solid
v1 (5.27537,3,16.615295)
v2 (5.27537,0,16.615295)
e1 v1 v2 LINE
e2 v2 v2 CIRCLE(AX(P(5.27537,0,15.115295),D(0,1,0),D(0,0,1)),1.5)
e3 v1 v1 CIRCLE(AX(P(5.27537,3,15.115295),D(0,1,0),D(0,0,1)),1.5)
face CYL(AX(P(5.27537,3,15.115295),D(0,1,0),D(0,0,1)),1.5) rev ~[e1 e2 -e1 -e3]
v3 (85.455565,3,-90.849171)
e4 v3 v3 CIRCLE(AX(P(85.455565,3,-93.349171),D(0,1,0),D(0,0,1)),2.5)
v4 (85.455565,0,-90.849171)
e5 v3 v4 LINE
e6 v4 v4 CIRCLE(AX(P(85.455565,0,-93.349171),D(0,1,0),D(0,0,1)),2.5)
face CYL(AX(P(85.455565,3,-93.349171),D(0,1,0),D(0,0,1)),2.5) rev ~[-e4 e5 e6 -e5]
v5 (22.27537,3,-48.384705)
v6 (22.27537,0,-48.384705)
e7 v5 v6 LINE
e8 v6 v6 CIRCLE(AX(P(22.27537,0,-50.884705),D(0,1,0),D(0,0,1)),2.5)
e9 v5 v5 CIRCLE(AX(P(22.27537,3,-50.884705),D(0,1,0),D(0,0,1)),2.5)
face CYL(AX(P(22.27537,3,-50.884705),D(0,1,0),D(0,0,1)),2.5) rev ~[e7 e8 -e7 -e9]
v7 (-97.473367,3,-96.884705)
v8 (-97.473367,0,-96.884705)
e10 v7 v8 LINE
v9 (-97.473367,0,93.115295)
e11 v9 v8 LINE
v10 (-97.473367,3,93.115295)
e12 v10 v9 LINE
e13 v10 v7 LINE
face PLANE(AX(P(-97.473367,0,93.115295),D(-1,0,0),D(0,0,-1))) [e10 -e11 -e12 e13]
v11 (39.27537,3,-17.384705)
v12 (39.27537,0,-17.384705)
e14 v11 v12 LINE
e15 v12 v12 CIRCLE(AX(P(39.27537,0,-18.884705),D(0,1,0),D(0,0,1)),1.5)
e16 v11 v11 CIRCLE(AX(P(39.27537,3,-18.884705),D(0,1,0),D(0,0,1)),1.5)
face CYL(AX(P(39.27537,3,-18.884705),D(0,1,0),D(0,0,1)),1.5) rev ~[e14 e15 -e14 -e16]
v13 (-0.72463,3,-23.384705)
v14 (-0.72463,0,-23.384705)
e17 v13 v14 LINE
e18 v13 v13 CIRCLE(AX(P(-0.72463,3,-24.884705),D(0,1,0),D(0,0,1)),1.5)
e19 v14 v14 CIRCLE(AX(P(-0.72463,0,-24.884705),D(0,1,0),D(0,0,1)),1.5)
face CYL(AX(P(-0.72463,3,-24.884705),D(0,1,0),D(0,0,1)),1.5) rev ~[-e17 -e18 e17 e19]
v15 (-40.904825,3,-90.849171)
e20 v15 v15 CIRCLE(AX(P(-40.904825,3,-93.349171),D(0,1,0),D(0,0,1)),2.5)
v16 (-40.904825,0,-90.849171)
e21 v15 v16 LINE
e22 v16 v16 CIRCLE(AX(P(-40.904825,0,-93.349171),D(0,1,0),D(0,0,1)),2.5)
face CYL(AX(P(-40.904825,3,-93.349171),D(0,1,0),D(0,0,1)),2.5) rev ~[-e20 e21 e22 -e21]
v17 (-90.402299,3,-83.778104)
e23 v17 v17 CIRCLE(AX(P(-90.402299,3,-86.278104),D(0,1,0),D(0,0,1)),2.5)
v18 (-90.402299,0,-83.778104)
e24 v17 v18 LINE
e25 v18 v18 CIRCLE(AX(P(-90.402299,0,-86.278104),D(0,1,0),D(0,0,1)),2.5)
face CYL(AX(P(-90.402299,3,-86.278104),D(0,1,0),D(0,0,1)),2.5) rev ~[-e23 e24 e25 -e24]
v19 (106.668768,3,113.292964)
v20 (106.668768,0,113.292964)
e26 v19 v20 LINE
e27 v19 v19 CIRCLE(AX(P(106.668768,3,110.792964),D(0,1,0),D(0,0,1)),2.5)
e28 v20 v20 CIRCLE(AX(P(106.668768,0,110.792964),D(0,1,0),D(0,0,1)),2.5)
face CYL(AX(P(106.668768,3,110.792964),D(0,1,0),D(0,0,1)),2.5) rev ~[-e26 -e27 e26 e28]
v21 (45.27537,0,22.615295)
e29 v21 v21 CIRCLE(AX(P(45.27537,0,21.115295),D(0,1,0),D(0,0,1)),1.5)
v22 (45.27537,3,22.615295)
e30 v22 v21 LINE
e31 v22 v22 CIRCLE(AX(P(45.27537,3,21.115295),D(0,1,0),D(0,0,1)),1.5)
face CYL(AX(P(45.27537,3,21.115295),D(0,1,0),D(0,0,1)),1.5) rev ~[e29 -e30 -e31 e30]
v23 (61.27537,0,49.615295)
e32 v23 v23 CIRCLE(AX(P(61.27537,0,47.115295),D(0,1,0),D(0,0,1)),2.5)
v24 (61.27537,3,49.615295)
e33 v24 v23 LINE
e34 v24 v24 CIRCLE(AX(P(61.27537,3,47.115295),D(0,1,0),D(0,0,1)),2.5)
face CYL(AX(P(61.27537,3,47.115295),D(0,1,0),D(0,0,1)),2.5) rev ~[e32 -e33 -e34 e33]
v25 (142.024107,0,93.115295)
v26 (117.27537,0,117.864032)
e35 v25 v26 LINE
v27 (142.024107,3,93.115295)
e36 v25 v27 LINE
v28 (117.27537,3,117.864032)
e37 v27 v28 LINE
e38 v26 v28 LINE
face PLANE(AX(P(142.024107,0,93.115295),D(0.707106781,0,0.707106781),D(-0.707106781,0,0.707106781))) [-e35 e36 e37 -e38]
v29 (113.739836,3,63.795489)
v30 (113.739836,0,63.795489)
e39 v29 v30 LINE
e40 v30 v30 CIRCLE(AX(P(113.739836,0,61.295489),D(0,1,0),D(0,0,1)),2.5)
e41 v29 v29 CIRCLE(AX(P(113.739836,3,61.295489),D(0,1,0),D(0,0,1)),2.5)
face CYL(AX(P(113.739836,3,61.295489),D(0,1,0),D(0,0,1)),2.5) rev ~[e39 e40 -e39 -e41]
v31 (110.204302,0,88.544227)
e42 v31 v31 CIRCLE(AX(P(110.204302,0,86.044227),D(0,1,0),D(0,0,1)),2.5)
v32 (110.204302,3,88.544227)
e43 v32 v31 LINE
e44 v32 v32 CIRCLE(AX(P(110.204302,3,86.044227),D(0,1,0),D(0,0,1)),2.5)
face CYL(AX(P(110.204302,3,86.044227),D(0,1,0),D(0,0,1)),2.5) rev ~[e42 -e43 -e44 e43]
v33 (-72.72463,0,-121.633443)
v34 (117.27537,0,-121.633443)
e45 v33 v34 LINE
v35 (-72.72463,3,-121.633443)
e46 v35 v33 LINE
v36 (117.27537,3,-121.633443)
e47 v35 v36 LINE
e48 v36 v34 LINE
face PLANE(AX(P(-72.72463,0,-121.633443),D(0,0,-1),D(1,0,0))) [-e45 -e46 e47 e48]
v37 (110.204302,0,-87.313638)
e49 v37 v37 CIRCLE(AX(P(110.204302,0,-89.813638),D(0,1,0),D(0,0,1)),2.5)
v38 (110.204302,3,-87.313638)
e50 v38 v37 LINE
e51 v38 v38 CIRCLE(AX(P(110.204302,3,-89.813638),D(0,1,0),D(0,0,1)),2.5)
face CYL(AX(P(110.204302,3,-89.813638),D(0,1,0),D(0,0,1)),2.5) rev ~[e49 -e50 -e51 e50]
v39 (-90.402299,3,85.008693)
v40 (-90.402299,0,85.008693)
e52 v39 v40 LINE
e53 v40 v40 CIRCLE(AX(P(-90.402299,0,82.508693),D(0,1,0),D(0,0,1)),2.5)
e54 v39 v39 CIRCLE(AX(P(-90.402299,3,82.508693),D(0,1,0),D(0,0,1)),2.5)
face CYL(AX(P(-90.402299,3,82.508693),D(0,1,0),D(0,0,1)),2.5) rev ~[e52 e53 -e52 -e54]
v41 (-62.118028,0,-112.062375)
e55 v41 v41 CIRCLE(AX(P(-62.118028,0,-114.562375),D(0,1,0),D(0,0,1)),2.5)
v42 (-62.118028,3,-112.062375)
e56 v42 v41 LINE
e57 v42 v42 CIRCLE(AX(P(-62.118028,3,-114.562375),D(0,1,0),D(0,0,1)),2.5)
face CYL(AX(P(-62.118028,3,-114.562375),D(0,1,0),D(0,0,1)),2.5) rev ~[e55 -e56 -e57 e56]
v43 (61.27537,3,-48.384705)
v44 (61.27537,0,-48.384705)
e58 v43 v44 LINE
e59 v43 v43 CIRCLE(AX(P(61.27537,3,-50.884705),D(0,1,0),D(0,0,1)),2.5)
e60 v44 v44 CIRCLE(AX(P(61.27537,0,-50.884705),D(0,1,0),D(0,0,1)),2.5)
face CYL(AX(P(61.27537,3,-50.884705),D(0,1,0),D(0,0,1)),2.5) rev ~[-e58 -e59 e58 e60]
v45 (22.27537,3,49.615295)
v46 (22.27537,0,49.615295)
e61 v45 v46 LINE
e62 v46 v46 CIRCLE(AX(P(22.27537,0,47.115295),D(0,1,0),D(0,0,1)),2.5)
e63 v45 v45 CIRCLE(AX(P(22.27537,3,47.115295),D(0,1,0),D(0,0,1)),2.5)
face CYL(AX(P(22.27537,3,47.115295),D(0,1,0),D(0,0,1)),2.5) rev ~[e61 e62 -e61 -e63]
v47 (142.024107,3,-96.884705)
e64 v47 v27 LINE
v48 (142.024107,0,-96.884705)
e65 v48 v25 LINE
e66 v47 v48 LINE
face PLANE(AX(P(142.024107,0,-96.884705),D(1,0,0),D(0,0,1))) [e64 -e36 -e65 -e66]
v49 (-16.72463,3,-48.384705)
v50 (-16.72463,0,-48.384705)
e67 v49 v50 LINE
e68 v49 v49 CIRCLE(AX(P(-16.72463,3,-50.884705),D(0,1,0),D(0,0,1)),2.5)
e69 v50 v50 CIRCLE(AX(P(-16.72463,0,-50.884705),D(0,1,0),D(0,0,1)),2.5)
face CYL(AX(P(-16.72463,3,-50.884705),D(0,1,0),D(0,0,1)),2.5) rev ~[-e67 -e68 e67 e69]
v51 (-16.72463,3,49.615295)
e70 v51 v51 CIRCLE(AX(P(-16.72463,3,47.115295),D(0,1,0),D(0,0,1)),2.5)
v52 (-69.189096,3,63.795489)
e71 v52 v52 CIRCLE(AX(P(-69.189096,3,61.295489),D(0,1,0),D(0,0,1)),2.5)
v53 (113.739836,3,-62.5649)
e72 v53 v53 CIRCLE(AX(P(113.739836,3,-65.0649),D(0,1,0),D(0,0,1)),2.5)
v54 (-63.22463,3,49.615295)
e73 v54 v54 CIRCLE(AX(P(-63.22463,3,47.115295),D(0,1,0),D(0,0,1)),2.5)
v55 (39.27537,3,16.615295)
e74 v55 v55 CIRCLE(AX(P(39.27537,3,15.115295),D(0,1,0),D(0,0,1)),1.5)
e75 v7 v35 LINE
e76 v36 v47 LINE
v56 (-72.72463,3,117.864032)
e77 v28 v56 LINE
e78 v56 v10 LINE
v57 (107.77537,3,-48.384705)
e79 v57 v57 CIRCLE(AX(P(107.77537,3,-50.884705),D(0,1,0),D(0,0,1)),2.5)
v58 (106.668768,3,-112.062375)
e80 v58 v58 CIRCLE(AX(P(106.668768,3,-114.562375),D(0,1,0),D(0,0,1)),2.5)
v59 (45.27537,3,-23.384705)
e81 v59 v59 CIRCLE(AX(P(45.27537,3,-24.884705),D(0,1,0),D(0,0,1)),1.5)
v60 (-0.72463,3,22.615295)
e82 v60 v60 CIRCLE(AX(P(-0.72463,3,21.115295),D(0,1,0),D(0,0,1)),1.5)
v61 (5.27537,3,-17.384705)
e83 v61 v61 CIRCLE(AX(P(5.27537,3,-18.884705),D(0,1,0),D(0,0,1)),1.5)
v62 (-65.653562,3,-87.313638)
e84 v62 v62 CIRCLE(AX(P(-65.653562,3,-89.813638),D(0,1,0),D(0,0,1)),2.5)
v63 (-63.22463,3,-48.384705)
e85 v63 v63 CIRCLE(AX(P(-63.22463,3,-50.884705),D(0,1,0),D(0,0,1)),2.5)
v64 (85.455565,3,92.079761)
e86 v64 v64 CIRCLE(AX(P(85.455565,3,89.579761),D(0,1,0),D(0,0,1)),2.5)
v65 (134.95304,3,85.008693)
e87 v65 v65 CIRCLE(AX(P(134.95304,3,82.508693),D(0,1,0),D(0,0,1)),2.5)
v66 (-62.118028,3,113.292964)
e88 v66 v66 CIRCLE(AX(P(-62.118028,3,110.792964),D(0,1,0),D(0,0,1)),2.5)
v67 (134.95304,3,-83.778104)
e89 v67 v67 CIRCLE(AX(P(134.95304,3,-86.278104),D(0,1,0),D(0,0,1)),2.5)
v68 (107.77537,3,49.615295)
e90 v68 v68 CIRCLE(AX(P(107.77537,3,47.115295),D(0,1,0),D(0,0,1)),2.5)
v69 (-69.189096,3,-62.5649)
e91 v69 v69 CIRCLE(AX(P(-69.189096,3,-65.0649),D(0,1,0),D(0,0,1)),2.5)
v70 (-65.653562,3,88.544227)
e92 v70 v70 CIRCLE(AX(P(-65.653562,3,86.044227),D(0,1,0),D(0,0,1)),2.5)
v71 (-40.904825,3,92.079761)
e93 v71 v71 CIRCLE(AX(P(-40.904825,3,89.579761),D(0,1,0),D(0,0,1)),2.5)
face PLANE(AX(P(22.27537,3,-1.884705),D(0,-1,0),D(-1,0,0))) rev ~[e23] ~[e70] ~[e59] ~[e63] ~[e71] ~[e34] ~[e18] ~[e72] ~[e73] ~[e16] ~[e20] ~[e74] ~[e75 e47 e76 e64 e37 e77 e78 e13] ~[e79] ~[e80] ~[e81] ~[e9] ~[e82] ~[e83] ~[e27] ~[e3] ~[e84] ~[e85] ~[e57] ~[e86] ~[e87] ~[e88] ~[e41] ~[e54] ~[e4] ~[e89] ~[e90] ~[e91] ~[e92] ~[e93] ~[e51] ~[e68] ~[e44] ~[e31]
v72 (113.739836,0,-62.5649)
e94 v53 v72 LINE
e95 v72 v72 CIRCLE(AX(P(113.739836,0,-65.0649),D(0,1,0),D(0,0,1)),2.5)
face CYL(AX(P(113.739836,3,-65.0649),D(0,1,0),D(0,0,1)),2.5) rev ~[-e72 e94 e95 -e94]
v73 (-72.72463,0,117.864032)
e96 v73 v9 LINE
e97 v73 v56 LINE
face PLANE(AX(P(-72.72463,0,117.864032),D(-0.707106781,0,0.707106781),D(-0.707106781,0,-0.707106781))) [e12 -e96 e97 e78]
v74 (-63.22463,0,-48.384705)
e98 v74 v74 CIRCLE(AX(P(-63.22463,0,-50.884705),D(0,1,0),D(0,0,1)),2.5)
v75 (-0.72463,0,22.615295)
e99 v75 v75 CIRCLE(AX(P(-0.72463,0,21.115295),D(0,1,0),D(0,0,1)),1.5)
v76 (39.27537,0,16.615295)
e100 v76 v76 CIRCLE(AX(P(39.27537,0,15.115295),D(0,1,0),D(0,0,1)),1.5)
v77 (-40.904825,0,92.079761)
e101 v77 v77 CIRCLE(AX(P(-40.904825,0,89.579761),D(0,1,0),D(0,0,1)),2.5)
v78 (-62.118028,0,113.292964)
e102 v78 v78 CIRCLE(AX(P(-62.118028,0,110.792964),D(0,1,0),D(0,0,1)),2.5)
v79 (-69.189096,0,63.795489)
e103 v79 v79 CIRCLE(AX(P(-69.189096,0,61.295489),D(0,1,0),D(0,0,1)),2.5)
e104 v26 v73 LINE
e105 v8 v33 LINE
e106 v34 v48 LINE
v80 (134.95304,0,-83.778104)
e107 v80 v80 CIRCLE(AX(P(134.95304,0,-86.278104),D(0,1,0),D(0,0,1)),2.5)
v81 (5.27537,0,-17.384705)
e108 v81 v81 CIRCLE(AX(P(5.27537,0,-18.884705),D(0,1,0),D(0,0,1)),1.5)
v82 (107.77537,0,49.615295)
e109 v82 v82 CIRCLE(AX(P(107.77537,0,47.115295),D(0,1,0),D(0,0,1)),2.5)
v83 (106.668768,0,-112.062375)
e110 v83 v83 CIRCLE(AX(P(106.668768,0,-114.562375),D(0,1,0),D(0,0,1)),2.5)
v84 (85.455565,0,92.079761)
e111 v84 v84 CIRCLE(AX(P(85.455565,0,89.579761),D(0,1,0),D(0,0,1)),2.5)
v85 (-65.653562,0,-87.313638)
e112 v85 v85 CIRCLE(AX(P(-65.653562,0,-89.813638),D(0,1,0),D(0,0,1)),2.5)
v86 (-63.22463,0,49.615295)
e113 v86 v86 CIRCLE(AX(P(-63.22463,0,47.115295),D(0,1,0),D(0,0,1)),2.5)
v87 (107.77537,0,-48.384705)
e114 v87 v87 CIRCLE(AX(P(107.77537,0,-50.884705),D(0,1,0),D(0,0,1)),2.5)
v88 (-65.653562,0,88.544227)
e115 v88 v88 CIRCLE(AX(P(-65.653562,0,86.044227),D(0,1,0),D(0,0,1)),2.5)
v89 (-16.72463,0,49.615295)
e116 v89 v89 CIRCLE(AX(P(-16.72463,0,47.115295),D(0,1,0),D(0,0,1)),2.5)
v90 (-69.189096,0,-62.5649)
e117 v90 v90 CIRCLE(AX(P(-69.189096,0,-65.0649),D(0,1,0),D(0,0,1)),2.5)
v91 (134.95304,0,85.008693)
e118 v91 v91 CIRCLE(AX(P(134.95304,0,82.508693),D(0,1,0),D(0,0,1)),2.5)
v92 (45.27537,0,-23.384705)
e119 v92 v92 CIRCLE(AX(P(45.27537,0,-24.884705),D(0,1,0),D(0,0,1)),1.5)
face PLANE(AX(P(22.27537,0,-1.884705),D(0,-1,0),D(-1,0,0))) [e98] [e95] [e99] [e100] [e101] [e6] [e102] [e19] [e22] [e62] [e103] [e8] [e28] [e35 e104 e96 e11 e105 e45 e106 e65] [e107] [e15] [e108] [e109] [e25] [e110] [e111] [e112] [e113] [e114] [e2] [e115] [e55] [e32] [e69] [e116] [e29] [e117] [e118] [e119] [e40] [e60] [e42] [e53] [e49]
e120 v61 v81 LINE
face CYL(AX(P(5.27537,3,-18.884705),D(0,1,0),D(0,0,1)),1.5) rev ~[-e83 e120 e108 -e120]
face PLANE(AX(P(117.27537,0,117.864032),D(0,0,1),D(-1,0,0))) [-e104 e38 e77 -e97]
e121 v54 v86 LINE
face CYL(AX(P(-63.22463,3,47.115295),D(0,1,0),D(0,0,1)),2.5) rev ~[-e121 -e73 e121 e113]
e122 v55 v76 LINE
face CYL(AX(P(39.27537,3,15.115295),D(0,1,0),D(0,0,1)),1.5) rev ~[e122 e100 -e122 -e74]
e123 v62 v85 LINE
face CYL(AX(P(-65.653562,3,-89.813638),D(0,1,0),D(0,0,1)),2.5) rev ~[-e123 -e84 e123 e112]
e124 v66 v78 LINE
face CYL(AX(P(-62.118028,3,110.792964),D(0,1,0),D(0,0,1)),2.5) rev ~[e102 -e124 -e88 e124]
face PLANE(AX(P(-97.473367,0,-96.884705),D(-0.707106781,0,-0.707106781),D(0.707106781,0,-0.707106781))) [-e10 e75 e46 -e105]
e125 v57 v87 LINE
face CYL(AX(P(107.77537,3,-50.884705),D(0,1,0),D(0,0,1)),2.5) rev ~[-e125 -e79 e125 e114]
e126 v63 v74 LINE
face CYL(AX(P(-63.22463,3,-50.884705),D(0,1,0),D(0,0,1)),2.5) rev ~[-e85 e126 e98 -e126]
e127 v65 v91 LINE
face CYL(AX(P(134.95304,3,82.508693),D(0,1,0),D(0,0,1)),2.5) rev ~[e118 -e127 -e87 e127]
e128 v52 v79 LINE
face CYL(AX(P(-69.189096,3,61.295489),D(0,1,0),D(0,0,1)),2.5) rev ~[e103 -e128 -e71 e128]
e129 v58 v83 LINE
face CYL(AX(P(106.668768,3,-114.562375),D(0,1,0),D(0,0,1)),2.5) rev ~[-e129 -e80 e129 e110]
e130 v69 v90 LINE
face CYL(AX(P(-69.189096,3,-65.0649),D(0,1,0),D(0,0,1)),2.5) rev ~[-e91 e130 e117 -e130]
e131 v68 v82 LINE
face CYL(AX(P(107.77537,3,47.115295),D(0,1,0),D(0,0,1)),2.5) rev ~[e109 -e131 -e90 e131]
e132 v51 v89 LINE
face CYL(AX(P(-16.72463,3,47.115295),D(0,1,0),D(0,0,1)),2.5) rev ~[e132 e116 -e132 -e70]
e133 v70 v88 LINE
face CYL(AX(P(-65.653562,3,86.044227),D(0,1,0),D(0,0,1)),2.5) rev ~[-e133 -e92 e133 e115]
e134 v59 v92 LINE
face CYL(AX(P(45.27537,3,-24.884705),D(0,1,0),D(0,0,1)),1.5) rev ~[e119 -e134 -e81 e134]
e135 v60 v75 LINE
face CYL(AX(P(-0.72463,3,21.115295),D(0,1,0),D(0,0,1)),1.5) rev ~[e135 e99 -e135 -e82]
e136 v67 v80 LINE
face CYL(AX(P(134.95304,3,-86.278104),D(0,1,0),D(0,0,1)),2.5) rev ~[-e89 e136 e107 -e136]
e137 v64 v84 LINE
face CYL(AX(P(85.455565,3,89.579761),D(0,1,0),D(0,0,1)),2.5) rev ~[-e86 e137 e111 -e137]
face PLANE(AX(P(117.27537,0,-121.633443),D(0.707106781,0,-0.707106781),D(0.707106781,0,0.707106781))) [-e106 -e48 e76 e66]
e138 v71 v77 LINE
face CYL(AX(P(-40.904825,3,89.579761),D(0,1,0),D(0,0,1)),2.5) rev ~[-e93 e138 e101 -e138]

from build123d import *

# Parameters (mm, degrees)
BOSS_EXTRUDE1_DEPTH = 3
BOSS_EXTRUDE2_DEPTH = 2
SKETCH3_R           = 2.5
CUT_EXTRUDE1_DEPTH  = 3
SKETCH4_R           = 1.5
CUT_EXTRUDE2_DEPTH  = 10
SKETCH5_R           = 2.5
CUT_EXTRUDE3_DEPTH  = 4
SKETCH6_R           = 2.5
CUT_EXTRUDE6_DEPTH  = 188.014816174


with BuildPart() as part:
    # Sketch1 → Boss-Extrude1 (new body)
    with BuildSketch(Plane(origin=(0, 0, 0), x_dir=(1, 0, 0), z_dir=(0, 1, 0))):
        Polygon((-72.724629944, 121.633442715), (117.275370056, 121.633442715), (142.024107398, 96.884705373), (142.024107398, -93.115294627), (117.275370056, -117.864031968), (-72.724629944, -117.864031968), (-97.473367285, -93.115294627), (-97.473367285, 96.884705373), align=None)
    extrude(amount=BOSS_EXTRUDE1_DEPTH)

    # Sketch2 → Boss-Extrude2 (add)
    with BuildSketch(Plane(origin=(0, 3, 0), x_dir=(1, 0, 0), z_dir=(0, 1, 0))):
        Polygon((-97.473367285, -93.115294627), (-58.58249432, -54.224421662), (-33.833756978, -78.973159003), (-72.724629944, -117.864031968), align=None)
        Polygon((142.024107398, -93.115294627), (106.643904841, -53.574025356), (80.60097798, -76.876363508), (117.275370056, -117.864031968), align=None)
        Polygon((117.275370056, 121.633442715), (77.827961767, 85.647210429), (101.391526244, 59.817289105), (142.024107398, 96.884705373), align=None)
        Polygon((-72.724629944, 121.633442715), (-36.009112401, 80.682609127), (-62.030072457, 57.352851665), (-97.473367285, 96.884705373), align=None)
    extrude(amount=-BOSS_EXTRUDE2_DEPTH)

    # Sketch3 → Cut-Extrude1 (cut)
    with BuildSketch(Plane(origin=(0, 3, 0), x_dir=(1, 0, 0), z_dir=(0, 1, 0))):
        with Locations(Location((134.953039586, -82.508692909, 0), (0, 0, 270))):
            Circle(SKETCH3_R)
        with Locations(Location((106.668768338, -110.792964157, 0), (0, 0, 270))):
            Circle(SKETCH3_R)
        with Locations(Location((85.455564903, -89.579760721, 0), (0, 0, 270))):
            Circle(SKETCH3_R)
        with Locations(Location((113.73983615, -61.295489474, 0), (0, 0, 270))):
            Circle(SKETCH3_R)
        with Locations(Location((106.668768338, 114.562374903, 0), (0, 0, 270))):
            Circle(SKETCH3_R)
        with Locations(Location((134.953039586, 86.278103655, 0), (0, 0, 270))):
            Circle(SKETCH3_R)
        with Locations(Location((113.73983615, 65.06490022, 0), (0, 0, 270))):
            Circle(SKETCH3_R)
        with Locations(Location((85.455564903, 93.349171467, 0), (0, 0, 270))):
            Circle(SKETCH3_R)
        with Locations(Location((-62.118028226, 114.562374903, 0), (0, 0, 270))):
            Circle(SKETCH3_R)
        with Locations(Location((-90.402299473, 86.278103655, 0), (0, 0, 270))):
            Circle(SKETCH3_R)
        with Locations(Location((-69.189096038, 65.06490022, 0), (0, 0, 270))):
            Circle(SKETCH3_R)
        with Locations(Location((-40.90482479, 93.349171467, 0), (0, 0, 270))):
            Circle(SKETCH3_R)
        with Locations(Location((-40.90482479, -89.579760721, 0), (0, 0, 270))):
            Circle(SKETCH3_R)
        with Locations(Location((-69.189096038, -61.295489474, 0), (0, 0, 270))):
            Circle(SKETCH3_R)
        with Locations(Location((-62.118028226, -110.792964157, 0), (0, 0, 270))):
            Circle(SKETCH3_R)
        with Locations(Location((-90.402299473, -82.508692909, 0), (0, 0, 270))):
            Circle(SKETCH3_R)
    extrude(amount=-CUT_EXTRUDE1_DEPTH, mode=Mode.SUBTRACT)

    # Sketch4 → Cut-Extrude2 (cut)
    with BuildSketch(Plane(origin=(0, 3, 0), x_dir=(1, 0, 0), z_dir=(0, 1, 0))):
        with Locations(Location((39.275370056, -15.115294627, 0), (0, 0, 270))):
            Circle(SKETCH4_R)
        with Locations(Location((45.275370056, -21.115294627, 0), (0, 0, 270))):
            Circle(SKETCH4_R)
        with Locations(Location((39.275370056, 18.884705373, 0), (0, 0, 270))):
            Circle(SKETCH4_R)
        with Locations(Location((45.275370056, 24.884705373, 0), (0, 0, 270))):
            Circle(SKETCH4_R)
        with Locations(Location((5.275370056, 18.884705373, 0), (0, 0, 270))):
            Circle(SKETCH4_R)
        with Locations(Location((-0.724629944, 24.884705373, 0), (0, 0, 270))):
            Circle(SKETCH4_R)
        with Locations(Location((5.275370056, -15.115294627, 0), (0, 0, 270))):
            Circle(SKETCH4_R)
        with Locations(Location((-0.724629944, -21.115294627, 0), (0, 0, 270))):
            Circle(SKETCH4_R)
    extrude(amount=-CUT_EXTRUDE2_DEPTH, mode=Mode.SUBTRACT)

    # Sketch5 → Cut-Extrude3 (cut)
    with BuildSketch(Plane(origin=(0, 3, 0), x_dir=(1, 0, 0), z_dir=(0, 1, 0))):
        with Locations(Location((-65.653562132, 89.813637561, 0), (0, 0, 270))):
            Circle(SKETCH5_R)
        with Locations(Location((110.204302244, 89.813637561, 0), (0, 0, 270))):
            Circle(SKETCH5_R)
        with Locations(Location((110.204302244, -86.044226815, 0), (0, 0, 270))):
            Circle(SKETCH5_R)
        with Locations(Location((-65.653562132, -86.044226815, 0), (0, 0, 270))):
            Circle(SKETCH5_R)
    extrude(amount=-CUT_EXTRUDE3_DEPTH, mode=Mode.SUBTRACT)

    # Sketch6 → Cut-Extrude6 (cut, through all)
    with BuildSketch(Plane(origin=(0, 3, 0), x_dir=(1, 0, 0), z_dir=(0, 1, 0))):
        with Locations(Location((-63.224629944, -47.115294627, 0), (0, 0, 270))):
            Circle(SKETCH6_R)
        with Locations(Location((-63.224629944, 50.884705373, 0), (0, 0, 270))):
            Circle(SKETCH6_R)
        with Locations(Location((107.775370056, 50.884705373, 0), (0, 0, 270))):
            Circle(SKETCH6_R)
        with Locations(Location((107.775370056, -47.115294627, 0), (0, 0, 270))):
            Circle(SKETCH6_R)
        with Locations(Location((61.275370056, -47.115294627, 0), (0, 0, 270))):
            Circle(SKETCH6_R)
        with Locations(Location((22.275370056, -47.115294627, 0), (0, 0, 270))):
            Circle(SKETCH6_R)
        with Locations(Location((-16.724629944, -47.115294627, 0), (0, 0, 270))):
            Circle(SKETCH6_R)
        with Locations(Location((-16.724629944, 50.884705373, 0), (0, 0, 270))):
            Circle(SKETCH6_R)
        with Locations(Location((22.275370056, 50.884705373, 0), (0, 0, 270))):
            Circle(SKETCH6_R)
        with Locations(Location((61.275370056, 50.884705373, 0), (0, 0, 270))):
            Circle(SKETCH6_R)
    extrude(amount=-CUT_EXTRUDE6_DEPTH, mode=Mode.SUBTRACT)


solid = part.part
